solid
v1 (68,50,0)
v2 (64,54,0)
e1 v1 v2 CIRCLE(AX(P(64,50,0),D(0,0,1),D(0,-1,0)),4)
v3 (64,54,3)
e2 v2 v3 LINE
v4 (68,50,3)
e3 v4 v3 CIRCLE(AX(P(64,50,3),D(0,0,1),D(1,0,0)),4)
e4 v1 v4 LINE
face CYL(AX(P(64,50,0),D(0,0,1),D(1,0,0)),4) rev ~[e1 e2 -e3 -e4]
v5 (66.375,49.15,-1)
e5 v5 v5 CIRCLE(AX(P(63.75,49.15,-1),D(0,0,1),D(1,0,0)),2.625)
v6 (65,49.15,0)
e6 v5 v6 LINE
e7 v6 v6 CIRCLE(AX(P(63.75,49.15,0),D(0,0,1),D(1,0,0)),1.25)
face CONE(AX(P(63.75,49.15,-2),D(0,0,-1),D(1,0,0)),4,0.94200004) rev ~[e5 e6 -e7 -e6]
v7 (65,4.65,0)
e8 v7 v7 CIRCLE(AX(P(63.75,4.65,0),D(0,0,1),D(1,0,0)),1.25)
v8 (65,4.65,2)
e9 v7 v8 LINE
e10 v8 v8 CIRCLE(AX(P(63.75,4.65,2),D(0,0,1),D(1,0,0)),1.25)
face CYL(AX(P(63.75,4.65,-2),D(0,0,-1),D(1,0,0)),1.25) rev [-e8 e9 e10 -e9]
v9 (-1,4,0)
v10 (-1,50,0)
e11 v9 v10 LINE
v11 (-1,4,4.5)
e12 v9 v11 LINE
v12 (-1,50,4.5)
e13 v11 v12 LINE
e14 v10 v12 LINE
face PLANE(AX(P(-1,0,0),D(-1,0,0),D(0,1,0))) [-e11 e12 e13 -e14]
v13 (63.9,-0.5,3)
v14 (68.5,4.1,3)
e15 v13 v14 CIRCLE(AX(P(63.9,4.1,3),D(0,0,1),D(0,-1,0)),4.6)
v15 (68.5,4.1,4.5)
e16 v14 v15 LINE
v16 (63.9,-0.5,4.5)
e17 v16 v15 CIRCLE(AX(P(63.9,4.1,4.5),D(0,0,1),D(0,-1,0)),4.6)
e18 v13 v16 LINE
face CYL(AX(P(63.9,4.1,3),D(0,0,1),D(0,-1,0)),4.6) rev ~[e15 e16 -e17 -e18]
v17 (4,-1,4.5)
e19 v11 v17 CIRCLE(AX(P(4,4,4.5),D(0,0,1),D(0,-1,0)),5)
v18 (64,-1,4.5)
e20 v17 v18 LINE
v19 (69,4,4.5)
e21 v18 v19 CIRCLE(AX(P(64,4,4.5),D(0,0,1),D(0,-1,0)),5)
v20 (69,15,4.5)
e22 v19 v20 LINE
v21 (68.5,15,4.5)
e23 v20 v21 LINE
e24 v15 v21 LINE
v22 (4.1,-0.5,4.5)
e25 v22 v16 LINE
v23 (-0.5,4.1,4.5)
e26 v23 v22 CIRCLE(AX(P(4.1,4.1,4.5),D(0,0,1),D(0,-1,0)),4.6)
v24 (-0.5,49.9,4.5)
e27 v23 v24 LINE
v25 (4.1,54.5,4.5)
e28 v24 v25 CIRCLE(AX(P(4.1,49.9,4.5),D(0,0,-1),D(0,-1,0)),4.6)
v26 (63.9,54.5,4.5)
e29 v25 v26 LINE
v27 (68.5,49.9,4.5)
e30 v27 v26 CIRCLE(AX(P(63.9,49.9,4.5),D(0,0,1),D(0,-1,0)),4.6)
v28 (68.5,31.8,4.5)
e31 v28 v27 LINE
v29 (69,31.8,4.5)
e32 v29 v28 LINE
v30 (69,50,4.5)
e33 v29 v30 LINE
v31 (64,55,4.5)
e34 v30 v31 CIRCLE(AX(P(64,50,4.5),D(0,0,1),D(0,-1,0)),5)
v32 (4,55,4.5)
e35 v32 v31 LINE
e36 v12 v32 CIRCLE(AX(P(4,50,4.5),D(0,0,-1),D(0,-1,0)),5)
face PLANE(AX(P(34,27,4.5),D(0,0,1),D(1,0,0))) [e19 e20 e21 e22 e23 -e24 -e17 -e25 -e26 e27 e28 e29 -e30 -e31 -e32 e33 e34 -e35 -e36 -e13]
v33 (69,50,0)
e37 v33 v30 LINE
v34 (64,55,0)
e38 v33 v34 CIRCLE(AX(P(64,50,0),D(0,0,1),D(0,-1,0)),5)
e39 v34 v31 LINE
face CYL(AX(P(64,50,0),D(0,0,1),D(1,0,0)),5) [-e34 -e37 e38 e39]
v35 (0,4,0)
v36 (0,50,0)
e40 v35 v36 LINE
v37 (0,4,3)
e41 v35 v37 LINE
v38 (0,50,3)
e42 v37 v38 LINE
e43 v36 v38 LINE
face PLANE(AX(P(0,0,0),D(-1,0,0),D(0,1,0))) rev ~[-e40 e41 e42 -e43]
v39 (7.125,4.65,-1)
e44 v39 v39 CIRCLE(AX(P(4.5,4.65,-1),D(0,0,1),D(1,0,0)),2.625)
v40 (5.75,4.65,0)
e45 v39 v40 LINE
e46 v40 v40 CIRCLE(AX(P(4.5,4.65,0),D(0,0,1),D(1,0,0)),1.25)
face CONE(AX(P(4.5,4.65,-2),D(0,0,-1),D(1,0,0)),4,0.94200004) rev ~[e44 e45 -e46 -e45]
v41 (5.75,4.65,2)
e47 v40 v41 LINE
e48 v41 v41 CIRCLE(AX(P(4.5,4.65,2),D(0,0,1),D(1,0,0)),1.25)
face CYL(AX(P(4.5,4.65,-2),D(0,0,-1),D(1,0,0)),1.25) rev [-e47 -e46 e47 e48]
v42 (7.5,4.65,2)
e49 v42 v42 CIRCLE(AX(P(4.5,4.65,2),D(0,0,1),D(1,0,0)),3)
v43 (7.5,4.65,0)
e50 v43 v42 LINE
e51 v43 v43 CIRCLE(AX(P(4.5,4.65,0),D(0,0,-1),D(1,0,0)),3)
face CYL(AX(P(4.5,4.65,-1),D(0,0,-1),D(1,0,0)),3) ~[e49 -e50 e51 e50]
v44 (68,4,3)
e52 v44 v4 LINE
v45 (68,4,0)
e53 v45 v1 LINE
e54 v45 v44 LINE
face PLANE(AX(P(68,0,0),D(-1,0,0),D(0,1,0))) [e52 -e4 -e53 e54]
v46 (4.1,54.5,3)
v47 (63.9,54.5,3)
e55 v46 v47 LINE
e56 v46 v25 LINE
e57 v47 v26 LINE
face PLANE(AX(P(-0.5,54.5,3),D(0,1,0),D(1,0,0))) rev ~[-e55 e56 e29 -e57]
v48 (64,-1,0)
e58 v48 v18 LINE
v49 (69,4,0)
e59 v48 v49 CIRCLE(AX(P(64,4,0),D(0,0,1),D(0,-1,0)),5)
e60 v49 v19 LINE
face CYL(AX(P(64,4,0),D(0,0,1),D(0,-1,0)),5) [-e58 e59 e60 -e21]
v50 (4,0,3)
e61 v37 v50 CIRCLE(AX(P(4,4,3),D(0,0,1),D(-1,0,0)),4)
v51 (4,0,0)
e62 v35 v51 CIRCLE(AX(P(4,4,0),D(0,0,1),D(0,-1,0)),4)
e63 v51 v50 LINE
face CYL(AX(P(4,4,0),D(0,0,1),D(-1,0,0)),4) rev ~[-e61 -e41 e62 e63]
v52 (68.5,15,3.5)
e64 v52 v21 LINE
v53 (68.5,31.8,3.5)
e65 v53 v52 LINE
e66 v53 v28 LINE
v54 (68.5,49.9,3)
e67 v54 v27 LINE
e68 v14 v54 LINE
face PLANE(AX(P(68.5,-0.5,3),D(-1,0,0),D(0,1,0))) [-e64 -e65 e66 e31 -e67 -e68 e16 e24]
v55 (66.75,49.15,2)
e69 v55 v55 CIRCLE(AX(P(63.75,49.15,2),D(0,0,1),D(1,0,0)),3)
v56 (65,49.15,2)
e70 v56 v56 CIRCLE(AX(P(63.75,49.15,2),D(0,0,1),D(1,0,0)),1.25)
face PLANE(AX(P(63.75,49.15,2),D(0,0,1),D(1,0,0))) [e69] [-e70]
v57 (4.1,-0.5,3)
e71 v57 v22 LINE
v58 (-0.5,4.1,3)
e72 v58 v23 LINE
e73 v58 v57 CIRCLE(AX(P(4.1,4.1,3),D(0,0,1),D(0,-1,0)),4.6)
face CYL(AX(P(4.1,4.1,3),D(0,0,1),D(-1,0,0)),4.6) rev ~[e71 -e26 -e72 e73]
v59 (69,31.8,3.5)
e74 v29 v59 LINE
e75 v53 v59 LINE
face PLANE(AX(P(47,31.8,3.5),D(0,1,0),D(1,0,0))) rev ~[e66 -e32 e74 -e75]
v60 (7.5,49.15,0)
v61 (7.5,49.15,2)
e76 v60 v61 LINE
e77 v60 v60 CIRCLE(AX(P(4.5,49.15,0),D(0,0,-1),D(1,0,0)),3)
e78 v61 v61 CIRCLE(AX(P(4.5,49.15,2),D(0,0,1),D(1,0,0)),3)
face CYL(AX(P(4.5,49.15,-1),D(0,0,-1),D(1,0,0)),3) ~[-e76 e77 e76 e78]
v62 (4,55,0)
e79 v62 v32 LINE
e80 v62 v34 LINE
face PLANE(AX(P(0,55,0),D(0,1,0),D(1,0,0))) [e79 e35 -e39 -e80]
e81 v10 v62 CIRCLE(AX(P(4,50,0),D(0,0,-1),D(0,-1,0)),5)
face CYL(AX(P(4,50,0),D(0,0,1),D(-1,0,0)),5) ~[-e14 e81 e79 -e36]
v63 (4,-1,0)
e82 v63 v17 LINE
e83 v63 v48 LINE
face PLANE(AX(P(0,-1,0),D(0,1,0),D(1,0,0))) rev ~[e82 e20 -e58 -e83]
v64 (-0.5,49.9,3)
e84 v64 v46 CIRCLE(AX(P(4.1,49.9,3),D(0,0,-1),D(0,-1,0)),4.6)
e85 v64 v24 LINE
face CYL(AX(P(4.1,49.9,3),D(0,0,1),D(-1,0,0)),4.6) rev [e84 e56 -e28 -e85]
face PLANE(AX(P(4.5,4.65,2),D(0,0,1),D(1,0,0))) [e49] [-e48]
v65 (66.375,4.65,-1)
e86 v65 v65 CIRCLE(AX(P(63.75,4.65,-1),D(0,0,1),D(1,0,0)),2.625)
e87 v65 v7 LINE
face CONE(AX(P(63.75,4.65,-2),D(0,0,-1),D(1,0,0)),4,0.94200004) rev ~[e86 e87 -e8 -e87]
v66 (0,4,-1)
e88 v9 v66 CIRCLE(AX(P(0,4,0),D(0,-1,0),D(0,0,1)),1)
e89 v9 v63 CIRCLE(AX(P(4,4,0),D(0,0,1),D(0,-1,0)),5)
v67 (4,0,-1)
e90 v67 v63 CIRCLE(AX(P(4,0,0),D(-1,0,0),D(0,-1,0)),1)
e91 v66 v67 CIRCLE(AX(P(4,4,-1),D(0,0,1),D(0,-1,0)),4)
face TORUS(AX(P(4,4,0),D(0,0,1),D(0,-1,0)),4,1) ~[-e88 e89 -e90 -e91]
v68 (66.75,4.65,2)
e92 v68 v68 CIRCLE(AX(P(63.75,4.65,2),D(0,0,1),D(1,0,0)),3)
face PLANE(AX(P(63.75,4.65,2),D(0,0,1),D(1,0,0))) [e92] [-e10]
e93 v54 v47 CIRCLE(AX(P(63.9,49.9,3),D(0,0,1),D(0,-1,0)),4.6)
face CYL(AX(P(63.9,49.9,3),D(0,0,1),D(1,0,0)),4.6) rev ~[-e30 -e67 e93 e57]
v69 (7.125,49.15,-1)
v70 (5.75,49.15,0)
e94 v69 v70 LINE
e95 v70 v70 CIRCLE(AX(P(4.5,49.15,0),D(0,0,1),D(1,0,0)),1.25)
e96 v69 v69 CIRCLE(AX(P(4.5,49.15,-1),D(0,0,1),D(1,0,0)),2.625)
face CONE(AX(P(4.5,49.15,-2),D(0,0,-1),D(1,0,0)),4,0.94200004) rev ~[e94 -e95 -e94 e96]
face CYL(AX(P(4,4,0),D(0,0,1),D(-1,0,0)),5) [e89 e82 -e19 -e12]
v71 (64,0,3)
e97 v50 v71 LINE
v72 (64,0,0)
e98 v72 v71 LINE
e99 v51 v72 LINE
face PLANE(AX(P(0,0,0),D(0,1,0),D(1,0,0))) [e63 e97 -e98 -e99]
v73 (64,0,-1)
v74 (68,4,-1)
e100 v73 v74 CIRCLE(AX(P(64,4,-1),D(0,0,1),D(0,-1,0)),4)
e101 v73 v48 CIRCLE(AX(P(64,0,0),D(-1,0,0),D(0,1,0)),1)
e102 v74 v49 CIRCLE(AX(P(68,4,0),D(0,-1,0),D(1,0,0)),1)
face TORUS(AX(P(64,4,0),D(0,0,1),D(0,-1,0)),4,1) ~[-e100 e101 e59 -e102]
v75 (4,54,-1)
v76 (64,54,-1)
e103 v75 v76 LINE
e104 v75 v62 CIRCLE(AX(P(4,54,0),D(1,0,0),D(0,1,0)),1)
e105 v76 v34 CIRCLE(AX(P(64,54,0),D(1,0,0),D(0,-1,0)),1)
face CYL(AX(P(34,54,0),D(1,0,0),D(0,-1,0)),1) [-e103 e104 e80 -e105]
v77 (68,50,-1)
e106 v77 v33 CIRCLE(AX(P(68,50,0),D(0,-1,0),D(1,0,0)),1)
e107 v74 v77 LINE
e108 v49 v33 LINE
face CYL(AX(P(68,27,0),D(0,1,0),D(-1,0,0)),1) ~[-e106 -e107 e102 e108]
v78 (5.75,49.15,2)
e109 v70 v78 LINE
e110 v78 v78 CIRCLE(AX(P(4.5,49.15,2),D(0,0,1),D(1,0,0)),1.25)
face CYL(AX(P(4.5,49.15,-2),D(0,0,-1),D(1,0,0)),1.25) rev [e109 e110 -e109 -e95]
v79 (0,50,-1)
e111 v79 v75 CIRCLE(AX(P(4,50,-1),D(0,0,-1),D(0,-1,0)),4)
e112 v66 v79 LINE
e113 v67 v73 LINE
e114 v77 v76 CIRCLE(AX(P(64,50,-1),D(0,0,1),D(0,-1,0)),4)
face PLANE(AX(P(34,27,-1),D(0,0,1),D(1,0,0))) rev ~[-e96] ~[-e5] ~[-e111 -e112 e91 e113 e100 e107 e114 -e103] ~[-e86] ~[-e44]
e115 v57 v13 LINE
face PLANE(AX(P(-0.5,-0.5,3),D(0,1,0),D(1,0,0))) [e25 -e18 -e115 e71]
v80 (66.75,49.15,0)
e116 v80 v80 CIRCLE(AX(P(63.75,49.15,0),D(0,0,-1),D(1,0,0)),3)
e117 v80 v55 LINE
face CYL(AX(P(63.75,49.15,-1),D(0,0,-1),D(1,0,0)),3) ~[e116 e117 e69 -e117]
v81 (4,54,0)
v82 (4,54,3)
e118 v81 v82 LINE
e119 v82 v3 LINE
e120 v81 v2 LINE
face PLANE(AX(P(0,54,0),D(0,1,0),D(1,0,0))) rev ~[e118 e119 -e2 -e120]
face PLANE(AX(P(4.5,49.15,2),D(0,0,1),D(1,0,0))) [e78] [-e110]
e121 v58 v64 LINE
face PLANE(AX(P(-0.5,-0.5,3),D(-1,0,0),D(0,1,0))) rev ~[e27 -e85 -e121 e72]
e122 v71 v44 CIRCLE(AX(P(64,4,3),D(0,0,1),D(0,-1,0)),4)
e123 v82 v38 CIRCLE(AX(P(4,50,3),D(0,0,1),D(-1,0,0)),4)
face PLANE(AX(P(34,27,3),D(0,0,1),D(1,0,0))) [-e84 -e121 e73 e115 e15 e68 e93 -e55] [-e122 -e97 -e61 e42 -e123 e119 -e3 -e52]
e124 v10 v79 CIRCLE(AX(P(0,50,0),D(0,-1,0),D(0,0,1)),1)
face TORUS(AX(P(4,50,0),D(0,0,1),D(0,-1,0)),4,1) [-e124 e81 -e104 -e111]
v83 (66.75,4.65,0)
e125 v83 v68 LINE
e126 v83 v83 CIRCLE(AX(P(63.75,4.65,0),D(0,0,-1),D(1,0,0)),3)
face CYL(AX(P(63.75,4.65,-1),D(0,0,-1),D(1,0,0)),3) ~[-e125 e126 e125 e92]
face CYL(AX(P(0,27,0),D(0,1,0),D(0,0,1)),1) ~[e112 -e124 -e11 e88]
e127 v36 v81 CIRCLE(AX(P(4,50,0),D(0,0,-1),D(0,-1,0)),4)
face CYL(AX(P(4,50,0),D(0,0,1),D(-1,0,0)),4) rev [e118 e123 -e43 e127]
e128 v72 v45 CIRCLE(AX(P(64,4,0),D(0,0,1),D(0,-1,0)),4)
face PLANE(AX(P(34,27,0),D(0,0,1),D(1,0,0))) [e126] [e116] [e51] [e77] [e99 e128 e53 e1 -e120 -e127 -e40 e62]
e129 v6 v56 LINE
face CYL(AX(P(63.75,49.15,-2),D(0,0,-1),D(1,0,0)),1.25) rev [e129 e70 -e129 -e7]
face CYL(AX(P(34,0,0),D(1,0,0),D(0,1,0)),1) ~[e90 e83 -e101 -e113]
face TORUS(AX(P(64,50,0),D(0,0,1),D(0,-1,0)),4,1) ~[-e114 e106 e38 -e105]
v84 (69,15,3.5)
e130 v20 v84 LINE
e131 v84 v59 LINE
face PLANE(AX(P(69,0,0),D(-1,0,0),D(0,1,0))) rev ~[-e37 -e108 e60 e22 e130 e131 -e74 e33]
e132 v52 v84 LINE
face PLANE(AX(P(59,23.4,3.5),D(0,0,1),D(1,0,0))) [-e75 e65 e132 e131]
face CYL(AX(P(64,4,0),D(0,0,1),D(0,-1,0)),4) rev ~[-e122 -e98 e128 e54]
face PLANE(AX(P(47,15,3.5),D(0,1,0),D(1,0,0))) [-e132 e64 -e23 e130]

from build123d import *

# Parameters (mm, degrees)
BOX012_W          = 69
BOX012_H          = 55
BOX012_DEPTH      = 1.5
FILLET004_R       = 4.6
CYLINDER005_R     = 1.25
CYLINDER005_DEPTH = 4
CYLINDER007_R     = 1.25
CYLINDER007_DEPTH = 4
CYLINDER009_R     = 1.25
CYLINDER009_DEPTH = 4
CYLINDER003_R     = 1.25
CYLINDER003_DEPTH = 4
BOX015_W          = 24
BOX015_H          = 16.8
BOX015_DEPTH      = 18
CYLINDER006_R     = 3
CYLINDER006_DEPTH = 3
CYLINDER008_R     = 3
CYLINDER008_DEPTH = 3
CYLINDER010_R     = 3
CYLINDER010_DEPTH = 3
BOX_W             = 68
BOX_H             = 54
BOX_DEPTH         = 4.5
FILLET006_R       = 4
THICKNESS_T       = 1
CYLINDER004_R     = 3
CYLINDER004_DEPTH = 3


with BuildPart() as snapbottom001:
    # Box012 → Box012 (new body)
    with BuildSketch(Plane(origin=(-0.5, -0.5, 3), x_dir=(1, 0, 0), z_dir=(0, 0, 1))):
        with Locations((34.5, 27.5)):
            Rectangle(BOX012_W, BOX012_H)
    extrude(amount=BOX012_DEPTH)

    # Fillet004
    fillet004_edges = [snapbottom001.edges().sort_by_distance(p)[0] for p in [
        (-0.5, -0.5, 3.75),
        (-0.5, 54.5, 3.75),
        (68.5, -0.5, 3.75),
        (68.5, 54.5, 3.75),
    ]]
    fillet(fillet004_edges, radius=FILLET004_R)


with BuildPart() as screwcone001:
    # Cone001 → Cone001 (revolve)
    with BuildSketch(Plane(origin=(4.5, 49.15, -2), x_dir=(1, 0, 0), z_dir=(0, -1, 0))):
        Polygon((0, 0), (4, 0), (1.25, 2), (0, 2), align=None)
    revolve(axis=Axis((4.5, 49.15, -2), (0, 0, 1)))


with BuildPart() as screwcone002:
    # Cone002 → Cone002 (revolve)
    with BuildSketch(Plane(origin=(63.75, 49.15, -2), x_dir=(1, 0, 0), z_dir=(0, -1, 0))):
        Polygon((0, 0), (4, 0), (1.25, 2), (0, 2), align=None)
    revolve(axis=Axis((63.75, 49.15, -2), (0, 0, 1)))


with BuildPart() as screwcone003:
    # Cone003 → Cone003 (revolve)
    with BuildSketch(Plane(origin=(63.75, 4.65, -2), x_dir=(1, 0, 0), z_dir=(0, -1, 0))):
        Polygon((0, 0), (4, 0), (1.25, 2), (0, 2), align=None)
    revolve(axis=Axis((63.75, 4.65, -2), (0, 0, 1)))


with BuildPart() as holetl:
    # Cylinder005 → Cylinder005 (new body)
    with BuildSketch(Plane(origin=(4.5, 49.15, -2), x_dir=(1, 0, 0), z_dir=(0, 0, 1))):
        Circle(CYLINDER005_R)
    extrude(amount=CYLINDER005_DEPTH)


with BuildPart() as holebr:
    # Cylinder007 → Cylinder007 (new body)
    with BuildSketch(Plane(origin=(63.75, 4.65, -2), x_dir=(1, 0, 0), z_dir=(0, 0, 1))):
        Circle(CYLINDER007_R)
    extrude(amount=CYLINDER007_DEPTH)


with BuildPart() as holetr:
    # Cylinder009 → Cylinder009 (new body)
    with BuildSketch(Plane(origin=(63.75, 49.15, -2), x_dir=(1, 0, 0), z_dir=(0, 0, 1))):
        Circle(CYLINDER009_R)
    extrude(amount=CYLINDER009_DEPTH)


with BuildPart() as holebl:
    # Cylinder003 → Cylinder003 (new body)
    with BuildSketch(Plane(origin=(4.5, 4.65, -2), x_dir=(1, 0, 0), z_dir=(0, 0, 1))):
        Circle(CYLINDER003_R)
    extrude(amount=CYLINDER003_DEPTH)


with BuildPart() as bottomscrewholes:
    # Cone → Cone (revolve)
    with BuildSketch(Plane(origin=(4.5, 4.65, -2), x_dir=(1, 0, 0), z_dir=(0, -1, 0))):
        Polygon((0, 0), (4, 0), (1.25, 2), (0, 2), align=None)
    revolve(axis=Axis((4.5, 4.65, -2), (0, 0, 1)))

    # Fusion001: union ScrewCone001, ScrewCone002, ScrewCone003, holetl, holebr, holetr, holebl
    add(screwcone001.part)
    add(screwcone002.part)
    add(screwcone003.part)
    add(holetl.part)
    add(holebr.part)
    add(holetr.part)
    add(holebl.part)


with BuildPart() as bottomholes:
    # Box015 → Box015 (new body)
    with BuildSketch(Plane(origin=(47, 15, 3.5), x_dir=(1, 0, 0), z_dir=(0, 0, 1))):
        with Locations((12, 8.4)):
            Rectangle(BOX015_W, BOX015_H)
    extrude(amount=BOX015_DEPTH)

    # Fusion007: union snapbottom001, BottomScrewHoles
    add(snapbottom001.part)
    add(bottomscrewholes.part)


with BuildPart() as supporttl:
    # Cylinder006 → Cylinder006 (new body)
    with BuildSketch(Plane(origin=(4.5, 49.15, -1), x_dir=(1, 0, 0), z_dir=(0, 0, 1))):
        Circle(CYLINDER006_R)
    extrude(amount=CYLINDER006_DEPTH)


with BuildPart() as supportbr:
    # Cylinder008 → Cylinder008 (new body)
    with BuildSketch(Plane(origin=(63.75, 4.65, -1), x_dir=(1, 0, 0), z_dir=(0, 0, 1))):
        Circle(CYLINDER008_R)
    extrude(amount=CYLINDER008_DEPTH)


with BuildPart() as supporttr:
    # Cylinder010 → Cylinder010 (new body)
    with BuildSketch(Plane(origin=(63.75, 49.15, -1), x_dir=(1, 0, 0), z_dir=(0, 0, 1))):
        Circle(CYLINDER010_R)
    extrude(amount=CYLINDER010_DEPTH)


with BuildPart() as thickness:
    # Box → Box (new body)
    with BuildSketch(Plane.XY):
        with Locations((34, 27)):
            Rectangle(BOX_W, BOX_H)
    extrude(amount=BOX_DEPTH)

    # Fillet006
    fillet006_edges = [thickness.edges().sort_by_distance(p)[0] for p in [
        (0, 0, 2.25),
        (0, 54, 2.25),
        (68, 0, 2.25),
        (68, 54, 2.25),
    ]]
    fillet(fillet006_edges, radius=FILLET006_R)

    # Thickness
    thickness_openings = [thickness.faces().sort_by_distance(p)[0] for p in [
        (34, 27, 4.5),
    ]]
    offset(amount=THICKNESS_T, openings=thickness_openings)


with BuildPart() as bottom:
    # Cylinder004 → Cylinder004 (new body)
    with BuildSketch(Plane(origin=(4.5, 4.65, -1), x_dir=(1, 0, 0), z_dir=(0, 0, 1))):
        Circle(CYLINDER004_R)
    extrude(amount=CYLINDER004_DEPTH)

    # Fusion006: union supporttl, supportbr, supporttr, Thickness
    add(supporttl.part)
    add(supportbr.part)
    add(supporttr.part)
    add(thickness.part)

    # Cut003: cut BottomHoles
    add(bottomholes.part, mode=Mode.SUBTRACT)


solid = bottom.part
